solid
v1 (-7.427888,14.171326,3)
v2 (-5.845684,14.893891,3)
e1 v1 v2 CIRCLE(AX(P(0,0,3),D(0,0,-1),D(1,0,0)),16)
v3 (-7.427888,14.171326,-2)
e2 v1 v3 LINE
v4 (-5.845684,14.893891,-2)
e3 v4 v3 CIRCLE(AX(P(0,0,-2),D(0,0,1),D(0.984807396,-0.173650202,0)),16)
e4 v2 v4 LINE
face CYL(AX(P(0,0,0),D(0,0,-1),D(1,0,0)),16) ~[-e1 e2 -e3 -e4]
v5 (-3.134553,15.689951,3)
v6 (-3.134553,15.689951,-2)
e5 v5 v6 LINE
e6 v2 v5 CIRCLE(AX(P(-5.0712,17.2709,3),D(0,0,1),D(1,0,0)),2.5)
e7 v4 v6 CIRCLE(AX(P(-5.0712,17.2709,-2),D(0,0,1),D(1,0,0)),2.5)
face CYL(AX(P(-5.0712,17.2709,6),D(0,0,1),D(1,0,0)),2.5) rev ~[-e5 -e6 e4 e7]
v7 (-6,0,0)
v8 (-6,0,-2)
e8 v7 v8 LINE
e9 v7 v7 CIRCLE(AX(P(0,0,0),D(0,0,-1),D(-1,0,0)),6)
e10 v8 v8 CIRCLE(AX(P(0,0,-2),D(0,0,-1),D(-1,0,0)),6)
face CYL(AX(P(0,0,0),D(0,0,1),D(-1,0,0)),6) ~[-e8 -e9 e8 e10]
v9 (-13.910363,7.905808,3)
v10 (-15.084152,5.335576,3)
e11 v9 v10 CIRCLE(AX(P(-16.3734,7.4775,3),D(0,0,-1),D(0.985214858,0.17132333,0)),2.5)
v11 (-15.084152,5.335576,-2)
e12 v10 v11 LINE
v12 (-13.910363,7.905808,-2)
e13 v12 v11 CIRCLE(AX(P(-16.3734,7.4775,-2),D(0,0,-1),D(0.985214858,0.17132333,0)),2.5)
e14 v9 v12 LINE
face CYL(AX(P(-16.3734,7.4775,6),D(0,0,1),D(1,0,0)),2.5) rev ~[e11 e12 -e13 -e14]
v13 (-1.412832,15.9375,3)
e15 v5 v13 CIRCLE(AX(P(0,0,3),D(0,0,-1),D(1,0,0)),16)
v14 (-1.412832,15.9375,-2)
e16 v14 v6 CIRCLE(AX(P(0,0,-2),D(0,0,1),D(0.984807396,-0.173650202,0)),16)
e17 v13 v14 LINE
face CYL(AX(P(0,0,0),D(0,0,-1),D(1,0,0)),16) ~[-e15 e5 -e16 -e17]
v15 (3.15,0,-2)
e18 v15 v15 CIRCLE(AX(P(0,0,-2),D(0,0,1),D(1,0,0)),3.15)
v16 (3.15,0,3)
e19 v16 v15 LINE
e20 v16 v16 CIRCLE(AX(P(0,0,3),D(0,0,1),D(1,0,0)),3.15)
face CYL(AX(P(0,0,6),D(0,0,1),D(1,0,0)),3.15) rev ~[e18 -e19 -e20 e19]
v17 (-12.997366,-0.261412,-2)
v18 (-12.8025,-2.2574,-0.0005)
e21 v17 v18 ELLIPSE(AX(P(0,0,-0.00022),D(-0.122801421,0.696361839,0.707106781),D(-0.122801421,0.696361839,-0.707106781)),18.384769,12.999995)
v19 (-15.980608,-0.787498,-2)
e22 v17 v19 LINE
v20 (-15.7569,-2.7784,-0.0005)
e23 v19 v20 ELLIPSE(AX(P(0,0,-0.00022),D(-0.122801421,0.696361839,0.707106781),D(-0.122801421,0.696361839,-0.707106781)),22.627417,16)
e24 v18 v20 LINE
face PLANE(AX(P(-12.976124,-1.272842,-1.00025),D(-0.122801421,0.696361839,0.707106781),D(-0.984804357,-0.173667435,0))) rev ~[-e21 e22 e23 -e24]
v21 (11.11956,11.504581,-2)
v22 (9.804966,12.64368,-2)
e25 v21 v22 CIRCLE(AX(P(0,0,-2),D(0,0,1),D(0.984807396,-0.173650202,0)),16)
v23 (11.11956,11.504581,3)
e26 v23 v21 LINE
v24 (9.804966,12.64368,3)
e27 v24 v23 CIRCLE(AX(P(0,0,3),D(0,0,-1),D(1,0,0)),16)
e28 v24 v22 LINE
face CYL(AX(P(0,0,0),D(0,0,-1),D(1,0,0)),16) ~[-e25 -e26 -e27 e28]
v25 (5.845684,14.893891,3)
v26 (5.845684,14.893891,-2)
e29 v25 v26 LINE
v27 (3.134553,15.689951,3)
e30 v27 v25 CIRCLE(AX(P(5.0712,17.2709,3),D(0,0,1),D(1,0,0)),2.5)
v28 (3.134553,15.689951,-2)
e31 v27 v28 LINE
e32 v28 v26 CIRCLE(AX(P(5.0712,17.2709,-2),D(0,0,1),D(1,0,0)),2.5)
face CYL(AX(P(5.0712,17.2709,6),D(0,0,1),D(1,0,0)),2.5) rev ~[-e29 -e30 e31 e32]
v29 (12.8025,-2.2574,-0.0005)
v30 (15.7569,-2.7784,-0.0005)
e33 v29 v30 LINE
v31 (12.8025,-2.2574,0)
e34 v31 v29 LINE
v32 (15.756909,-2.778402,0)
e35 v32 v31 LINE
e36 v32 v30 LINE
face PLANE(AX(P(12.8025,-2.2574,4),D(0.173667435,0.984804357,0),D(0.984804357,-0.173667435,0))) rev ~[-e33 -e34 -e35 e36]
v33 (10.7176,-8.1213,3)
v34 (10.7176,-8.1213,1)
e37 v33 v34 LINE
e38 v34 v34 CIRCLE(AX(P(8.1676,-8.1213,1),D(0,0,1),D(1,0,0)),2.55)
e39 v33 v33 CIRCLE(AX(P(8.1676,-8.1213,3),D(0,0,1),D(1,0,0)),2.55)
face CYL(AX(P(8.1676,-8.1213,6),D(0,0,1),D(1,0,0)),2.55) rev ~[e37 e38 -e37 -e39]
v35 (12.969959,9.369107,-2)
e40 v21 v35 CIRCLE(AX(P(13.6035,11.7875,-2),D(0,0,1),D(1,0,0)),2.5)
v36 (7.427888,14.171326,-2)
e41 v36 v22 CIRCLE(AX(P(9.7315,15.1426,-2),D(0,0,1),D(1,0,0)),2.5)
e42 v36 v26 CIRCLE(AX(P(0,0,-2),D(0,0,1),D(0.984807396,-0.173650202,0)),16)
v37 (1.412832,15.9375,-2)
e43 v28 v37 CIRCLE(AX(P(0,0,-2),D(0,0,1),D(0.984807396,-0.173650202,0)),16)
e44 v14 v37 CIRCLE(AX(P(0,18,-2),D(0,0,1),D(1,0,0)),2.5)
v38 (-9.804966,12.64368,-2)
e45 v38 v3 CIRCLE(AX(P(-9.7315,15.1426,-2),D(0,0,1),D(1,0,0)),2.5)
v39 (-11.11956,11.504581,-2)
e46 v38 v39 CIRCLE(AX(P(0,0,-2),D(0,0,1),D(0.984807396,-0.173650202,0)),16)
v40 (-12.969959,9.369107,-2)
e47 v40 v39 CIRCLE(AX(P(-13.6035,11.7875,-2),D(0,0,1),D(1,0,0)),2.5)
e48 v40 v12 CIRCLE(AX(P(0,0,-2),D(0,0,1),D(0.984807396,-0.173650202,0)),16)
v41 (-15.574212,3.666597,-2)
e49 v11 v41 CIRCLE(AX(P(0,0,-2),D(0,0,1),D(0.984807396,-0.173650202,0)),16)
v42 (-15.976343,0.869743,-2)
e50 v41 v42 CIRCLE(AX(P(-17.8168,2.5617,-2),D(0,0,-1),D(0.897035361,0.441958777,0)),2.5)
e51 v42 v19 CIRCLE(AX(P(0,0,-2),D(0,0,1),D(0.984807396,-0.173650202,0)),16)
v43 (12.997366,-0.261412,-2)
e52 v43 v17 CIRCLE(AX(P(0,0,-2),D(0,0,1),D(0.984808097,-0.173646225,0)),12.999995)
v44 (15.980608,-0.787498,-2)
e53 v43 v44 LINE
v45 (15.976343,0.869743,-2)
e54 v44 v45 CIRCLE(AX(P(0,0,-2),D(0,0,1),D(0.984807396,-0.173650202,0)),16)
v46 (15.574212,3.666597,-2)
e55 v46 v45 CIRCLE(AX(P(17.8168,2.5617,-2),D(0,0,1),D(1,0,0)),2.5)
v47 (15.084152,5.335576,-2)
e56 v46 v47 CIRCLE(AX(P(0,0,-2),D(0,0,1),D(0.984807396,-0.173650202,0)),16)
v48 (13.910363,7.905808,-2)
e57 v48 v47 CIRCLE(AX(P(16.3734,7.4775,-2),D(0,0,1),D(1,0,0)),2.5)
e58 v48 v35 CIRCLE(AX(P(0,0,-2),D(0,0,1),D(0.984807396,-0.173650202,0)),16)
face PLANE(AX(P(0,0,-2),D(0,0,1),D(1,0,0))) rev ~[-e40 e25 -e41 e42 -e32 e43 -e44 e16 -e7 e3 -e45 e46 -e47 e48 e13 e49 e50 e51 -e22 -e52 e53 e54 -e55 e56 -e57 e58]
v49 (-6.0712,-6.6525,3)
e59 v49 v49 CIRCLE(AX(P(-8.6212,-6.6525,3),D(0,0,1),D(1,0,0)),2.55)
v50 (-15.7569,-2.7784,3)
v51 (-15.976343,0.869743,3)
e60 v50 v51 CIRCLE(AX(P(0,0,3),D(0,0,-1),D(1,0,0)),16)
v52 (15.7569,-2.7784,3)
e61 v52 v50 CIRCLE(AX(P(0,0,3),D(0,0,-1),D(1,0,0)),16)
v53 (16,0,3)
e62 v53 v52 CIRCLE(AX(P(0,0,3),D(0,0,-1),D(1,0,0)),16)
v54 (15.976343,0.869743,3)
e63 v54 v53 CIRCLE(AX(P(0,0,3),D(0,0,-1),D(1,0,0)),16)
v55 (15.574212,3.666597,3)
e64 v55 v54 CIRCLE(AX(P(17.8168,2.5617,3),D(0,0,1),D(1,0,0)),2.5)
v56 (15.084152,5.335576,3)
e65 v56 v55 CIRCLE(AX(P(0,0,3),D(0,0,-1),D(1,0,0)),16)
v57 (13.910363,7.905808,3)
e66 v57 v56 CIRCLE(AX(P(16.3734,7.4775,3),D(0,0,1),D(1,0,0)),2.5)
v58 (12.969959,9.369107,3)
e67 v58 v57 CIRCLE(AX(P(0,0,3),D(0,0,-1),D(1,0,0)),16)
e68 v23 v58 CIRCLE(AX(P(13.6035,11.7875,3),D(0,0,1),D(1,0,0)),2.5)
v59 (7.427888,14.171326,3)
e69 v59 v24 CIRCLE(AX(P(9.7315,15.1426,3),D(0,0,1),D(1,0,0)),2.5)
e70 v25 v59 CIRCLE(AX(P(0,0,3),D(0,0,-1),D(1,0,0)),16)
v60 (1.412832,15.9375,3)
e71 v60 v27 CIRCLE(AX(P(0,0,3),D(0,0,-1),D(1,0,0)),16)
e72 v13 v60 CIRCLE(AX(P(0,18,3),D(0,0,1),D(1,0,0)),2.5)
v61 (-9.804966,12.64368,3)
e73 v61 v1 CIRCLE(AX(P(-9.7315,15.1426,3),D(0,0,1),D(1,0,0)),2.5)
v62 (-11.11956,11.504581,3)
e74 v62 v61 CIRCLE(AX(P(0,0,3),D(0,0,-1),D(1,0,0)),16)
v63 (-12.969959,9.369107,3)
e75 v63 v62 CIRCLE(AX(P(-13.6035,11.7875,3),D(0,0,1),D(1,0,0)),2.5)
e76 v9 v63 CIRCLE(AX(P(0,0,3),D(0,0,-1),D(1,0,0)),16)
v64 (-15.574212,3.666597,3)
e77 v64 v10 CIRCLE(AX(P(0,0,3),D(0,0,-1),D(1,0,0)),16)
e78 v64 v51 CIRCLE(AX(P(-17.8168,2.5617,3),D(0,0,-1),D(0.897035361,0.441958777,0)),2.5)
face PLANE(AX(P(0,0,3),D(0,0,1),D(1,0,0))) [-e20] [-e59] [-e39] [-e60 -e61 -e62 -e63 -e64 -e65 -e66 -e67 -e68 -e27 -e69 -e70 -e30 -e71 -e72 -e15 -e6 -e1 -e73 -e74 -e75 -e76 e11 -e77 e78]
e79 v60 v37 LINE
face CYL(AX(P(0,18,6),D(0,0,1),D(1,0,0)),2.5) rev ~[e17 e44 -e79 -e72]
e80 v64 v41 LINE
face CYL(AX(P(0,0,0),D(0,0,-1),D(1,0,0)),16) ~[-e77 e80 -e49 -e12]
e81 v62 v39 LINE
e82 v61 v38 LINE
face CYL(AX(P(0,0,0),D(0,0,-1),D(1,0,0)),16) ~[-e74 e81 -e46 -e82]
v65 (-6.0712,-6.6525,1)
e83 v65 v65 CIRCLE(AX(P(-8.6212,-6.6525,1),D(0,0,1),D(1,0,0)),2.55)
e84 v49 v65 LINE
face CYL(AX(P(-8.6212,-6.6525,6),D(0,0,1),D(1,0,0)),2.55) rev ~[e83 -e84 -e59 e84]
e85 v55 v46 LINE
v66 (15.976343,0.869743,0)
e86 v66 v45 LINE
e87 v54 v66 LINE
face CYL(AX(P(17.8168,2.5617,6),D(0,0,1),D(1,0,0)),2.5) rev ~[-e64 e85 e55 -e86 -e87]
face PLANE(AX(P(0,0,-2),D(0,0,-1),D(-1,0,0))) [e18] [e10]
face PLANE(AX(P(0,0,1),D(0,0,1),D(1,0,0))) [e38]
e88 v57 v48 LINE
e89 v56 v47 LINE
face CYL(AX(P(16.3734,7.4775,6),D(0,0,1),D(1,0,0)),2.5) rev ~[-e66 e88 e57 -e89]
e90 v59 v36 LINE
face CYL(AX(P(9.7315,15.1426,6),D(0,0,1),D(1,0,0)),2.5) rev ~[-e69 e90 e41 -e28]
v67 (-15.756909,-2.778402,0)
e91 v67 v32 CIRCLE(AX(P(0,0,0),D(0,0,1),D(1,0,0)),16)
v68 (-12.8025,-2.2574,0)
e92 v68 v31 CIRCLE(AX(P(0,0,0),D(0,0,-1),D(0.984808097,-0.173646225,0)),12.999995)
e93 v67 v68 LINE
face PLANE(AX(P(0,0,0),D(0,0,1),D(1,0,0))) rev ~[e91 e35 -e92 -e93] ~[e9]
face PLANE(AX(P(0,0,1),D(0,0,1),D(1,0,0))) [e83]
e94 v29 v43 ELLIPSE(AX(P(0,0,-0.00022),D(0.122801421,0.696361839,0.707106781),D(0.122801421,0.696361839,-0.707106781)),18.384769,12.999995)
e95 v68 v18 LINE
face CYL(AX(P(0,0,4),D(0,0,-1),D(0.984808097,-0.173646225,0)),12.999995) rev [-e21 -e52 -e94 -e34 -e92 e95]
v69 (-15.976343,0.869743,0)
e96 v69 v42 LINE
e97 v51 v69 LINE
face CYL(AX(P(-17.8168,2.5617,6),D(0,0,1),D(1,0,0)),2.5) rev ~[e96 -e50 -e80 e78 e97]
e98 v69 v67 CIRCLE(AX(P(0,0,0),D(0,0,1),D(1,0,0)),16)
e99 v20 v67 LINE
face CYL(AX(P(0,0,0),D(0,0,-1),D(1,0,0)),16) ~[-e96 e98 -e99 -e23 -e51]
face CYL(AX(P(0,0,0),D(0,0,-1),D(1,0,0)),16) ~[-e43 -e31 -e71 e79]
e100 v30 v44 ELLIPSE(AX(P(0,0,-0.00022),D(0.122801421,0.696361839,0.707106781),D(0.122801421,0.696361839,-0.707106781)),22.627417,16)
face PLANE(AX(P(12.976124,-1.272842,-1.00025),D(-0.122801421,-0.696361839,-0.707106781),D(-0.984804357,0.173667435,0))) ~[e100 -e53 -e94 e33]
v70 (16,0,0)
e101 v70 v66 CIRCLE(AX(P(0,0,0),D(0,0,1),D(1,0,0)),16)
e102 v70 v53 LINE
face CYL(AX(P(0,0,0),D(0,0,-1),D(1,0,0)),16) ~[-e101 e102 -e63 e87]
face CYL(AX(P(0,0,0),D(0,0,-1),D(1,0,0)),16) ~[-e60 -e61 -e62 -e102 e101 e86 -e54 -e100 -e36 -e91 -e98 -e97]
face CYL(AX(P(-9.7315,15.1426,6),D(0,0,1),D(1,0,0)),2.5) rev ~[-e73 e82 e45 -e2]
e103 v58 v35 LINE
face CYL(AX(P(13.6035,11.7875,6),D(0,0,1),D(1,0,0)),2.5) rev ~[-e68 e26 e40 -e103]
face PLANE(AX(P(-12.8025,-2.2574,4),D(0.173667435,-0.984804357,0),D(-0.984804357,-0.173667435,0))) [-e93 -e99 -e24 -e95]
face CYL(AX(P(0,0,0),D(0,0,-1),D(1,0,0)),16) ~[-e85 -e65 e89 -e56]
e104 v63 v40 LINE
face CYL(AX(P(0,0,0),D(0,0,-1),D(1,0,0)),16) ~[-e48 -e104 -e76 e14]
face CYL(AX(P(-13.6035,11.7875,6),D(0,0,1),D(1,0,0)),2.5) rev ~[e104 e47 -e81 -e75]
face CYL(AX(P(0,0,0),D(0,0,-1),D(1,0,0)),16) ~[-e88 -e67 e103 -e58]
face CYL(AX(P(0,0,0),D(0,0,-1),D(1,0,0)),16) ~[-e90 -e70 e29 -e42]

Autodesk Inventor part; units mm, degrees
ref_plane "YZ Plane" through (0, 0, 0) normal (1, 0, 0) x (0, 1, 0)
ref_plane "XZ Plane" through (0, 0, 0) normal (0, 1, 0) x (-1, 0, 0)
ref_plane "XY Plane" through (0, 0, 0) normal (0, 0, 1) x (1, 0, 0)
sketch "Sketch1" plane through (0, 0, 0) normal (0, 0, 1) x (1, 0, 0)
  circle A0 centre (0, 0) radius 16
  dimension "d0" = 32
extrude "Extrusion1" add sketch "Sketch1" along normal blind 4
sketch "Sketch2" plane through (0, 0, 4) normal (0, 0, 1) x (1, 0, 0)
  circle A0 centre (0, 0) radius 16 projected
  arc A1 (15.7569, -2.7784) -> (-15.7569, -2.7784) centre (0, 0) ccw
  line L0 (0, 0) -> (-15.7569, -2.7784) construction
  line L1 (0, 0) -> (16, 0) construction
  line L2 (0, 0) -> (15.7569, -2.7784) construction
  arc A2 (12.8025, -2.2574) -> (-12.8025, -2.2574) centre (0, 0) ccw
  line L3 (0, 0) -> (-12.8025, -2.2574) construction
  line L4 (0, 0) -> (13, 0) construction
  line L5 (0, 0) -> (12.8025, -2.2574) construction
  line L6 (-12.8025, -2.2574) -> (-15.7569, -2.7784)
  line L7 (12.8025, -2.2574) -> (15.7569, -2.7784)
  dimension "d3" = 170
  dimension "d4" = 160
  dimension "d5" = 13
  dimension "d6" = 170
  dimension "d7" = 160
extrude "Extrusion2" add sketch "Sketch2" along normal blind 2 and the other way blind 6 contours A0 L7 A2 L6 picked at (-14.8428, -1.3464)
sketch "Sketch3" plane through (0, 0, 6) normal (0, 0, 1) x (1, 0, 0)
  arc A0 (15.7569, -2.7784) -> (-15.7569, -2.7784) centre (0, 0) ccw projected
  line L0 (0, 16) -> (0, 18)
  circle A1 centre (0, 18) radius 2.5
  line L1 (-4.5077, 15.3519) -> (-5.0712, 17.2709)
  circle A2 centre (-5.0712, 17.2709) radius 2.5
  line L2 (-8.6503, 13.4601) -> (-9.7315, 15.1426)
  circle A3 centre (-9.7315, 15.1426) radius 2.5
  line L3 (-12.092, 10.4778) -> (-13.6035, 11.7875)
  circle A4 centre (-13.6035, 11.7875) radius 2.5
  line L4 (-14.5541, 6.6466) -> (-16.3734, 7.4775)
  circle A5 centre (-16.3734, 7.4775) radius 2.5
  line L5 (-15.8371, 2.277) -> (-17.8168, 2.5617)
  circle A6 centre (-17.8168, 2.5617) radius 2.5
  line L6 (-15.8371, -2.277) -> (-17.8168, -2.5617)
  circle A7 centre (-17.8168, -2.5617) radius 2.5
  line L7 (-14.5541, -6.6466) -> (-16.3734, -7.4775)
  circle A8 centre (-16.3734, -7.4775) radius 2.5
  line L8 (-12.092, -10.4778) -> (-13.6035, -11.7875)
  circle A9 centre (-13.6035, -11.7875) radius 2.5
  line L9 (-8.6503, -13.4601) -> (-9.7315, -15.1426)
  circle A10 centre (-9.7315, -15.1426) radius 2.5
  line L10 (-4.5077, -15.3519) -> (-5.0712, -17.2709)
  circle A11 centre (-5.0712, -17.2709) radius 2.5
  line L11 (0, -16) -> (0, -18)
  circle A12 centre (0, -18) radius 2.5
  line L12 (4.5077, -15.3519) -> (5.0712, -17.2709)
  circle A13 centre (5.0712, -17.2709) radius 2.5
  line L13 (8.6503, -13.4601) -> (9.7315, -15.1426)
  circle A14 centre (9.7315, -15.1426) radius 2.5
  line L14 (12.092, -10.4778) -> (13.6035, -11.7875)
  circle A15 centre (13.6035, -11.7875) radius 2.5
  line L15 (14.5541, -6.6466) -> (16.3734, -7.4775)
  circle A16 centre (16.3734, -7.4775) radius 2.5
  line L16 (15.8371, -2.277) -> (17.8168, -2.5617)
  circle A17 centre (17.8168, -2.5617) radius 2.5
  line L17 (15.8371, 2.277) -> (17.8168, 2.5617)
  circle A18 centre (17.8168, 2.5617) radius 2.5
  line L18 (14.5541, 6.6466) -> (16.3734, 7.4775)
  circle A19 centre (16.3734, 7.4775) radius 2.5
  line L19 (12.092, 10.4778) -> (13.6035, 11.7875)
  circle A20 centre (13.6035, 11.7875) radius 2.5
  line L20 (8.6503, 13.4601) -> (9.7315, 15.1426)
  circle A21 centre (9.7315, 15.1426) radius 2.5
  line L21 (4.5077, 15.3519) -> (5.0712, 17.2709)
  circle A22 centre (5.0712, 17.2709) radius 2.5
  dimension "d12" = 2
  dimension "d13" = 5
  dimension "d16" = 360
extrude "Extrusion3" cut sketch "Sketch3" against normal blind 9.25 contours A6 A0 | A0 A6 | A5 A0 | A0 A5 | A4 A0 | A0 A4 | A3 A0 | A0 A3 | A2 A0 | A0 A2 | A1 A0 | A0 A1 | A22 A0 | A0 A22 | A21 A0 | A0 A21 | A20 A0 | A0 A20 | A19 A0 | A0 A19 | A18 A0 | A0 A18
sketch "Sketch4" plane through (0, 0, 4) normal (0, 0, 1) x (1, 0, 0)
  circle A0 centre (0, 0) radius 3.05
  dimension "d20" = 6.1
extrude "Extrusion4" cut sketch "Sketch4" along normal blind 9.25 and the other way blind 8.875
chamfer "Chamfer1" distance 2 angle 45 4 edges at (-14.2797, -2.5179, 6) (-14.2797, -2.5179, -2) (14.2797, -2.5179, 6) (14.2797, -2.5179, -2)
sketch "Sketch5" plane through (0, 0, 4) normal (0, 0, 1) x (1, 0, 0)
  line L0 (0, 0) -> (12.557, 3.3646)
  arc A0 (12.9974, -0.2609) -> (-12.9974, -0.2609) centre (0, 0) ccw projected
  line L1 (0, 0) -> (13, 0) construction
  line L2 (0, 0) -> (2.8978, 0.7765)
  circle A1 centre (0, 0) radius 3.05 projected
  line L3 (0, 0) -> (1.4489, 0.3882)
  arc A2 (7.2444, 1.9411) -> (-4.3467, -1.1647) centre (1.4489, 0.3882) ccw
  line L4 (1.4489, 0.3882) -> (7.2444, 1.9411) construction
  line L5 (1.4489, 0.3882) -> (-4.3467, -1.1647) construction
  arc A3 (10.1422, 2.7176) -> (-7.2444, -1.9411) centre (1.4489, 0.3882) ccw
  line L6 (-7.2444, -1.9411) -> (-4.3467, -1.1647)
  line L7 (7.2444, 1.9411) -> (10.1422, 2.7176)
  dimension "d26" = 15
  dimension "d33" = 1.5
  dimension "d34" = 6
  dimension "d35" = 180
  dimension "d36" = 9
extrude "Extrusion5" add sketch "Sketch5" along normal blind 5 contours A2 L6 A3 L0
sketch "Sketch6" plane through (0, 0, 0) normal (0, 0, -1) x (-1, 0, 0)
  circle A0 centre (0, 0) radius 3
  circle A1 centre (0, 0) radius 6
  dimension "d38" = 12
extrude "Extrusion6" add sketch "Sketch6" along normal blind 2
sketch "Sketch7" plane through (0, 0, 4) normal (0, 0, 1) x (1, 0, 0)
  arc A0 (-15.9763, 0.8697) -> (-15.9806, -0.787) centre (0, 0) ccw projected
  arc A1 (15.9806, -0.787) -> (15.9763, 0.8697) centre (0, 0) ccw projected
  arc A2 (-15.9763, 0.8697) -> (15.9806, -0.787) centre (0, 0) ccw
  arc A3 (12.9974, -0.2609) -> (-12.9974, -0.2609) centre (0, 0) ccw projected
  arc A4 (-13, 0) -> (13, 0) centre (0, 0) ccw
  line L0 (0, 0) -> (13, 0) construction
  line L1 (0, 0) -> (-13, 0) construction
  line L2 (-15.9763, 0.8697) -> (-13, 0)
  line L3 (13, 0) -> (15.9763, 0.8697)
  dimension "d41" = 13
  dimension "d42" = 180
extrude "Extrusion7" add sketch "Sketch7" along normal blind 2 contours L2 A3 A4 L3 A1 A2 A0
sketch "Sketch12" plane through (0, 0, 4) normal (0, 0, 1) x (1, 0, 0)
  circle A0 centre (0, 0) radius 13
extrude "Extrusion11" add sketch "Sketch12" along normal blind 2
sketch "Sketch8" plane through (0, 0, 0) normal (0, 0, -1) x (-1, 0, 0)
  arc A0 (-6.62, -8.785) -> (7.502, -8.0449) centre (0, 0) ccw
  line L0 (0, 0) -> (-6.62, -8.785) construction
  line L1 (0, 0) -> (11, 0) construction
  line L2 (0, 0) -> (7.502, -8.0449) construction
  circle A1 centre (-6.62, -8.785) radius 2.5
  circle A2 centre (7.502, -8.0449) radius 2.5
  dimension "d45" = 11
  dimension "d46" = 127
  dimension "d47" = 80
  dimension "d48" = 5
  dimension "d49" = 5
extrude "Extrusion8" [suppressed]
sketch "Sketch13" plane through (0, 0, 6) normal (0, 0, 1) x (1, 0, 0)
  circle A0 centre (0, 0) radius 3.15
  dimension "d72" = 6.3
extrude "Extrusion12" cut sketch "Sketch13" against normal blind 10.25
sketch "Sketch14" plane through (0, 0, 6) normal (0, 0, 1) x (1, 0, 0)
  point P0 (0, 0)
sketch "Sketch15" plane through (0, 0, 6) normal (0, 0, 1) x (1, 0, 0)
  arc A0 (-8.6212, -6.6525) -> (8.1676, -8.1213) centre (0.3894, -0.3431) ccw
  line L0 (0.3894, -0.3431) -> (-8.6212, -6.6525) construction
  line L1 (0.3894, -0.3431) -> (11.3894, -0.3431) construction
  line L2 (0.3894, -0.3431) -> (8.1676, -8.1213) construction
  circle A1 centre (-8.6212, -6.6525) radius 2.55
  circle A2 centre (8.1676, -8.1213) radius 2.55
  point P0 (0, 0)
  dimension "d73" = 11
  dimension "d74" = 145
  dimension "d75" = 100
  dimension "d76" = 5.1
  dimension "d77" = 5.1
extrude "Extrusion13" cut sketch "Sketch15" against normal blind 5
fillet "Fillet6" radius 1.2 4 edges at (-7.2444, -1.9411, 7.5) (-4.3467, -1.1647, 7.5) (7.2444, 1.9411, 7.5) (10.1422, 2.7176, 7.5)
sketch "Sketch16" plane through (-8.6212, -6.6525, 1) normal (0, 0, 1) x (1, 0, 0)
  circle A0 centre (0, 0) radius 1
  circle A1 centre (16.7888, -1.4688) radius 2.55 projected
  circle A2 centre (16.7888, -1.4688) radius 1
  point P0 (8.6212, 6.6525)
  dimension "d84" = 2
  dimension "d85" = 2
extrude "Extrusion14" [suppressed]
sketch "Sketch18" plane through (0, 0, 6) normal (0, 0, 1) x (1, 0, 0)
  arc A0 (-1.4128, 15.9375) -> (-3.1345, 15.69) centre (0, 0) ccw projected
  line L0 (-3.1345, 15.69) -> (-2.0992, 19.5537)
  line L1 (-3.1345, 15.69) -> (0.8655, 15.69) construction
  arc A1 (3.1345, 15.69) -> (1.4128, 15.9375) centre (0, 0) ccw projected
  arc A2 (3.1345, 15.69) -> (5.8457, 14.8939) centre (5.0712, 17.2709) ccw projected
  line L2 (3.1345, 15.69) -> (2.0992, 19.5537)
  line L3 (3.1345, 15.69) -> (7.1345, 15.69) construction
  line L4 (2.0992, 19.5537) -> (-2.0992, 19.5537)
  arc A3 (-5.8457, 14.8939) -> (-3.1345, 15.69) centre (-5.0712, 17.2709) ccw projected
  line L5 (-3.1345, 15.69) -> (0, 14.2283)
  line L6 (-3.1345, 15.69) -> (0.324, 15.69) construction
  line L7 (0, 14.2283) -> (3.1345, 15.69)
  dimension "d94" = 4
  dimension "d95" = 75
  dimension "d96" = 4
  dimension "d97" = 105
  dimension "d98" = 25
extrude "Extrusion16" [suppressed]
fillet "Fillet11" [suppressed]
sketch "Sketch20" plane through (0, 0, 6) normal (0, 0, 1) x (1, 0, 0)
  line L0 (-0.1809, 19.5537) -> (0.1809, 19.5537) projected
  arc A0 (-0.1809, 19.5537) -> (-2.5957, 17.7007) centre (-0.1809, 17.0537) ccw projected
  arc A1 (2.5957, 17.7007) -> (0.1809, 19.5537) centre (0.1809, 17.0537) ccw projected
  line L1 (-2.8685, 16.6827) -> (-2.5957, 17.7007) projected
  line L2 (2.5957, 17.7007) -> (2.8685, 16.6827) projected
  line L3 (-1.1298, 16.2169) -> (-0.8571, 17.2348)
  arc A2 (-0.1809, 17.7537) -> (-0.8571, 17.2348) centre (-0.1809, 17.0537) ccw
  line L4 (-0.1809, 17.7537) -> (0.1809, 17.7537)
  arc A3 (0.8571, 17.2348) -> (0.1809, 17.7537) centre (0.1809, 17.0537) ccw
  line L5 (0.8571, 17.2348) -> (1.1298, 16.2169)
  line L6 (-1.1298, 16.2169) -> (-1.6475, 14.285)
  line L7 (-1.6475, 14.285) -> (1.6475, 14.285)
  line L8 (1.6475, 14.285) -> (1.1298, 16.2169)
  point P0 (0, 0)
  dimension "d112" = 1.8
  dimension "d113" = 2
extrude "Extrusion18" [suppressed]
fillet "Fillet12" [suppressed]
sketch "Sketch21" plane through (0, 0, 9) normal (0, 0, 1) x (1, 0, 0)
  point P0 (0, 0)
ref_plane "Work Plane1" through (0, 0, 3) normal (0, 0, 1) x (1, 0, 0)
sketch "Sketch22" plane through (0, 0, 3) normal (0, 0, 1) x (1, 0, 0)
  circle A0 centre (0, 0) radius 17.3364
extrude "Extrusion19" cut sketch "Sketch22" along normal blind 10
properties part number "knob_bottom"
